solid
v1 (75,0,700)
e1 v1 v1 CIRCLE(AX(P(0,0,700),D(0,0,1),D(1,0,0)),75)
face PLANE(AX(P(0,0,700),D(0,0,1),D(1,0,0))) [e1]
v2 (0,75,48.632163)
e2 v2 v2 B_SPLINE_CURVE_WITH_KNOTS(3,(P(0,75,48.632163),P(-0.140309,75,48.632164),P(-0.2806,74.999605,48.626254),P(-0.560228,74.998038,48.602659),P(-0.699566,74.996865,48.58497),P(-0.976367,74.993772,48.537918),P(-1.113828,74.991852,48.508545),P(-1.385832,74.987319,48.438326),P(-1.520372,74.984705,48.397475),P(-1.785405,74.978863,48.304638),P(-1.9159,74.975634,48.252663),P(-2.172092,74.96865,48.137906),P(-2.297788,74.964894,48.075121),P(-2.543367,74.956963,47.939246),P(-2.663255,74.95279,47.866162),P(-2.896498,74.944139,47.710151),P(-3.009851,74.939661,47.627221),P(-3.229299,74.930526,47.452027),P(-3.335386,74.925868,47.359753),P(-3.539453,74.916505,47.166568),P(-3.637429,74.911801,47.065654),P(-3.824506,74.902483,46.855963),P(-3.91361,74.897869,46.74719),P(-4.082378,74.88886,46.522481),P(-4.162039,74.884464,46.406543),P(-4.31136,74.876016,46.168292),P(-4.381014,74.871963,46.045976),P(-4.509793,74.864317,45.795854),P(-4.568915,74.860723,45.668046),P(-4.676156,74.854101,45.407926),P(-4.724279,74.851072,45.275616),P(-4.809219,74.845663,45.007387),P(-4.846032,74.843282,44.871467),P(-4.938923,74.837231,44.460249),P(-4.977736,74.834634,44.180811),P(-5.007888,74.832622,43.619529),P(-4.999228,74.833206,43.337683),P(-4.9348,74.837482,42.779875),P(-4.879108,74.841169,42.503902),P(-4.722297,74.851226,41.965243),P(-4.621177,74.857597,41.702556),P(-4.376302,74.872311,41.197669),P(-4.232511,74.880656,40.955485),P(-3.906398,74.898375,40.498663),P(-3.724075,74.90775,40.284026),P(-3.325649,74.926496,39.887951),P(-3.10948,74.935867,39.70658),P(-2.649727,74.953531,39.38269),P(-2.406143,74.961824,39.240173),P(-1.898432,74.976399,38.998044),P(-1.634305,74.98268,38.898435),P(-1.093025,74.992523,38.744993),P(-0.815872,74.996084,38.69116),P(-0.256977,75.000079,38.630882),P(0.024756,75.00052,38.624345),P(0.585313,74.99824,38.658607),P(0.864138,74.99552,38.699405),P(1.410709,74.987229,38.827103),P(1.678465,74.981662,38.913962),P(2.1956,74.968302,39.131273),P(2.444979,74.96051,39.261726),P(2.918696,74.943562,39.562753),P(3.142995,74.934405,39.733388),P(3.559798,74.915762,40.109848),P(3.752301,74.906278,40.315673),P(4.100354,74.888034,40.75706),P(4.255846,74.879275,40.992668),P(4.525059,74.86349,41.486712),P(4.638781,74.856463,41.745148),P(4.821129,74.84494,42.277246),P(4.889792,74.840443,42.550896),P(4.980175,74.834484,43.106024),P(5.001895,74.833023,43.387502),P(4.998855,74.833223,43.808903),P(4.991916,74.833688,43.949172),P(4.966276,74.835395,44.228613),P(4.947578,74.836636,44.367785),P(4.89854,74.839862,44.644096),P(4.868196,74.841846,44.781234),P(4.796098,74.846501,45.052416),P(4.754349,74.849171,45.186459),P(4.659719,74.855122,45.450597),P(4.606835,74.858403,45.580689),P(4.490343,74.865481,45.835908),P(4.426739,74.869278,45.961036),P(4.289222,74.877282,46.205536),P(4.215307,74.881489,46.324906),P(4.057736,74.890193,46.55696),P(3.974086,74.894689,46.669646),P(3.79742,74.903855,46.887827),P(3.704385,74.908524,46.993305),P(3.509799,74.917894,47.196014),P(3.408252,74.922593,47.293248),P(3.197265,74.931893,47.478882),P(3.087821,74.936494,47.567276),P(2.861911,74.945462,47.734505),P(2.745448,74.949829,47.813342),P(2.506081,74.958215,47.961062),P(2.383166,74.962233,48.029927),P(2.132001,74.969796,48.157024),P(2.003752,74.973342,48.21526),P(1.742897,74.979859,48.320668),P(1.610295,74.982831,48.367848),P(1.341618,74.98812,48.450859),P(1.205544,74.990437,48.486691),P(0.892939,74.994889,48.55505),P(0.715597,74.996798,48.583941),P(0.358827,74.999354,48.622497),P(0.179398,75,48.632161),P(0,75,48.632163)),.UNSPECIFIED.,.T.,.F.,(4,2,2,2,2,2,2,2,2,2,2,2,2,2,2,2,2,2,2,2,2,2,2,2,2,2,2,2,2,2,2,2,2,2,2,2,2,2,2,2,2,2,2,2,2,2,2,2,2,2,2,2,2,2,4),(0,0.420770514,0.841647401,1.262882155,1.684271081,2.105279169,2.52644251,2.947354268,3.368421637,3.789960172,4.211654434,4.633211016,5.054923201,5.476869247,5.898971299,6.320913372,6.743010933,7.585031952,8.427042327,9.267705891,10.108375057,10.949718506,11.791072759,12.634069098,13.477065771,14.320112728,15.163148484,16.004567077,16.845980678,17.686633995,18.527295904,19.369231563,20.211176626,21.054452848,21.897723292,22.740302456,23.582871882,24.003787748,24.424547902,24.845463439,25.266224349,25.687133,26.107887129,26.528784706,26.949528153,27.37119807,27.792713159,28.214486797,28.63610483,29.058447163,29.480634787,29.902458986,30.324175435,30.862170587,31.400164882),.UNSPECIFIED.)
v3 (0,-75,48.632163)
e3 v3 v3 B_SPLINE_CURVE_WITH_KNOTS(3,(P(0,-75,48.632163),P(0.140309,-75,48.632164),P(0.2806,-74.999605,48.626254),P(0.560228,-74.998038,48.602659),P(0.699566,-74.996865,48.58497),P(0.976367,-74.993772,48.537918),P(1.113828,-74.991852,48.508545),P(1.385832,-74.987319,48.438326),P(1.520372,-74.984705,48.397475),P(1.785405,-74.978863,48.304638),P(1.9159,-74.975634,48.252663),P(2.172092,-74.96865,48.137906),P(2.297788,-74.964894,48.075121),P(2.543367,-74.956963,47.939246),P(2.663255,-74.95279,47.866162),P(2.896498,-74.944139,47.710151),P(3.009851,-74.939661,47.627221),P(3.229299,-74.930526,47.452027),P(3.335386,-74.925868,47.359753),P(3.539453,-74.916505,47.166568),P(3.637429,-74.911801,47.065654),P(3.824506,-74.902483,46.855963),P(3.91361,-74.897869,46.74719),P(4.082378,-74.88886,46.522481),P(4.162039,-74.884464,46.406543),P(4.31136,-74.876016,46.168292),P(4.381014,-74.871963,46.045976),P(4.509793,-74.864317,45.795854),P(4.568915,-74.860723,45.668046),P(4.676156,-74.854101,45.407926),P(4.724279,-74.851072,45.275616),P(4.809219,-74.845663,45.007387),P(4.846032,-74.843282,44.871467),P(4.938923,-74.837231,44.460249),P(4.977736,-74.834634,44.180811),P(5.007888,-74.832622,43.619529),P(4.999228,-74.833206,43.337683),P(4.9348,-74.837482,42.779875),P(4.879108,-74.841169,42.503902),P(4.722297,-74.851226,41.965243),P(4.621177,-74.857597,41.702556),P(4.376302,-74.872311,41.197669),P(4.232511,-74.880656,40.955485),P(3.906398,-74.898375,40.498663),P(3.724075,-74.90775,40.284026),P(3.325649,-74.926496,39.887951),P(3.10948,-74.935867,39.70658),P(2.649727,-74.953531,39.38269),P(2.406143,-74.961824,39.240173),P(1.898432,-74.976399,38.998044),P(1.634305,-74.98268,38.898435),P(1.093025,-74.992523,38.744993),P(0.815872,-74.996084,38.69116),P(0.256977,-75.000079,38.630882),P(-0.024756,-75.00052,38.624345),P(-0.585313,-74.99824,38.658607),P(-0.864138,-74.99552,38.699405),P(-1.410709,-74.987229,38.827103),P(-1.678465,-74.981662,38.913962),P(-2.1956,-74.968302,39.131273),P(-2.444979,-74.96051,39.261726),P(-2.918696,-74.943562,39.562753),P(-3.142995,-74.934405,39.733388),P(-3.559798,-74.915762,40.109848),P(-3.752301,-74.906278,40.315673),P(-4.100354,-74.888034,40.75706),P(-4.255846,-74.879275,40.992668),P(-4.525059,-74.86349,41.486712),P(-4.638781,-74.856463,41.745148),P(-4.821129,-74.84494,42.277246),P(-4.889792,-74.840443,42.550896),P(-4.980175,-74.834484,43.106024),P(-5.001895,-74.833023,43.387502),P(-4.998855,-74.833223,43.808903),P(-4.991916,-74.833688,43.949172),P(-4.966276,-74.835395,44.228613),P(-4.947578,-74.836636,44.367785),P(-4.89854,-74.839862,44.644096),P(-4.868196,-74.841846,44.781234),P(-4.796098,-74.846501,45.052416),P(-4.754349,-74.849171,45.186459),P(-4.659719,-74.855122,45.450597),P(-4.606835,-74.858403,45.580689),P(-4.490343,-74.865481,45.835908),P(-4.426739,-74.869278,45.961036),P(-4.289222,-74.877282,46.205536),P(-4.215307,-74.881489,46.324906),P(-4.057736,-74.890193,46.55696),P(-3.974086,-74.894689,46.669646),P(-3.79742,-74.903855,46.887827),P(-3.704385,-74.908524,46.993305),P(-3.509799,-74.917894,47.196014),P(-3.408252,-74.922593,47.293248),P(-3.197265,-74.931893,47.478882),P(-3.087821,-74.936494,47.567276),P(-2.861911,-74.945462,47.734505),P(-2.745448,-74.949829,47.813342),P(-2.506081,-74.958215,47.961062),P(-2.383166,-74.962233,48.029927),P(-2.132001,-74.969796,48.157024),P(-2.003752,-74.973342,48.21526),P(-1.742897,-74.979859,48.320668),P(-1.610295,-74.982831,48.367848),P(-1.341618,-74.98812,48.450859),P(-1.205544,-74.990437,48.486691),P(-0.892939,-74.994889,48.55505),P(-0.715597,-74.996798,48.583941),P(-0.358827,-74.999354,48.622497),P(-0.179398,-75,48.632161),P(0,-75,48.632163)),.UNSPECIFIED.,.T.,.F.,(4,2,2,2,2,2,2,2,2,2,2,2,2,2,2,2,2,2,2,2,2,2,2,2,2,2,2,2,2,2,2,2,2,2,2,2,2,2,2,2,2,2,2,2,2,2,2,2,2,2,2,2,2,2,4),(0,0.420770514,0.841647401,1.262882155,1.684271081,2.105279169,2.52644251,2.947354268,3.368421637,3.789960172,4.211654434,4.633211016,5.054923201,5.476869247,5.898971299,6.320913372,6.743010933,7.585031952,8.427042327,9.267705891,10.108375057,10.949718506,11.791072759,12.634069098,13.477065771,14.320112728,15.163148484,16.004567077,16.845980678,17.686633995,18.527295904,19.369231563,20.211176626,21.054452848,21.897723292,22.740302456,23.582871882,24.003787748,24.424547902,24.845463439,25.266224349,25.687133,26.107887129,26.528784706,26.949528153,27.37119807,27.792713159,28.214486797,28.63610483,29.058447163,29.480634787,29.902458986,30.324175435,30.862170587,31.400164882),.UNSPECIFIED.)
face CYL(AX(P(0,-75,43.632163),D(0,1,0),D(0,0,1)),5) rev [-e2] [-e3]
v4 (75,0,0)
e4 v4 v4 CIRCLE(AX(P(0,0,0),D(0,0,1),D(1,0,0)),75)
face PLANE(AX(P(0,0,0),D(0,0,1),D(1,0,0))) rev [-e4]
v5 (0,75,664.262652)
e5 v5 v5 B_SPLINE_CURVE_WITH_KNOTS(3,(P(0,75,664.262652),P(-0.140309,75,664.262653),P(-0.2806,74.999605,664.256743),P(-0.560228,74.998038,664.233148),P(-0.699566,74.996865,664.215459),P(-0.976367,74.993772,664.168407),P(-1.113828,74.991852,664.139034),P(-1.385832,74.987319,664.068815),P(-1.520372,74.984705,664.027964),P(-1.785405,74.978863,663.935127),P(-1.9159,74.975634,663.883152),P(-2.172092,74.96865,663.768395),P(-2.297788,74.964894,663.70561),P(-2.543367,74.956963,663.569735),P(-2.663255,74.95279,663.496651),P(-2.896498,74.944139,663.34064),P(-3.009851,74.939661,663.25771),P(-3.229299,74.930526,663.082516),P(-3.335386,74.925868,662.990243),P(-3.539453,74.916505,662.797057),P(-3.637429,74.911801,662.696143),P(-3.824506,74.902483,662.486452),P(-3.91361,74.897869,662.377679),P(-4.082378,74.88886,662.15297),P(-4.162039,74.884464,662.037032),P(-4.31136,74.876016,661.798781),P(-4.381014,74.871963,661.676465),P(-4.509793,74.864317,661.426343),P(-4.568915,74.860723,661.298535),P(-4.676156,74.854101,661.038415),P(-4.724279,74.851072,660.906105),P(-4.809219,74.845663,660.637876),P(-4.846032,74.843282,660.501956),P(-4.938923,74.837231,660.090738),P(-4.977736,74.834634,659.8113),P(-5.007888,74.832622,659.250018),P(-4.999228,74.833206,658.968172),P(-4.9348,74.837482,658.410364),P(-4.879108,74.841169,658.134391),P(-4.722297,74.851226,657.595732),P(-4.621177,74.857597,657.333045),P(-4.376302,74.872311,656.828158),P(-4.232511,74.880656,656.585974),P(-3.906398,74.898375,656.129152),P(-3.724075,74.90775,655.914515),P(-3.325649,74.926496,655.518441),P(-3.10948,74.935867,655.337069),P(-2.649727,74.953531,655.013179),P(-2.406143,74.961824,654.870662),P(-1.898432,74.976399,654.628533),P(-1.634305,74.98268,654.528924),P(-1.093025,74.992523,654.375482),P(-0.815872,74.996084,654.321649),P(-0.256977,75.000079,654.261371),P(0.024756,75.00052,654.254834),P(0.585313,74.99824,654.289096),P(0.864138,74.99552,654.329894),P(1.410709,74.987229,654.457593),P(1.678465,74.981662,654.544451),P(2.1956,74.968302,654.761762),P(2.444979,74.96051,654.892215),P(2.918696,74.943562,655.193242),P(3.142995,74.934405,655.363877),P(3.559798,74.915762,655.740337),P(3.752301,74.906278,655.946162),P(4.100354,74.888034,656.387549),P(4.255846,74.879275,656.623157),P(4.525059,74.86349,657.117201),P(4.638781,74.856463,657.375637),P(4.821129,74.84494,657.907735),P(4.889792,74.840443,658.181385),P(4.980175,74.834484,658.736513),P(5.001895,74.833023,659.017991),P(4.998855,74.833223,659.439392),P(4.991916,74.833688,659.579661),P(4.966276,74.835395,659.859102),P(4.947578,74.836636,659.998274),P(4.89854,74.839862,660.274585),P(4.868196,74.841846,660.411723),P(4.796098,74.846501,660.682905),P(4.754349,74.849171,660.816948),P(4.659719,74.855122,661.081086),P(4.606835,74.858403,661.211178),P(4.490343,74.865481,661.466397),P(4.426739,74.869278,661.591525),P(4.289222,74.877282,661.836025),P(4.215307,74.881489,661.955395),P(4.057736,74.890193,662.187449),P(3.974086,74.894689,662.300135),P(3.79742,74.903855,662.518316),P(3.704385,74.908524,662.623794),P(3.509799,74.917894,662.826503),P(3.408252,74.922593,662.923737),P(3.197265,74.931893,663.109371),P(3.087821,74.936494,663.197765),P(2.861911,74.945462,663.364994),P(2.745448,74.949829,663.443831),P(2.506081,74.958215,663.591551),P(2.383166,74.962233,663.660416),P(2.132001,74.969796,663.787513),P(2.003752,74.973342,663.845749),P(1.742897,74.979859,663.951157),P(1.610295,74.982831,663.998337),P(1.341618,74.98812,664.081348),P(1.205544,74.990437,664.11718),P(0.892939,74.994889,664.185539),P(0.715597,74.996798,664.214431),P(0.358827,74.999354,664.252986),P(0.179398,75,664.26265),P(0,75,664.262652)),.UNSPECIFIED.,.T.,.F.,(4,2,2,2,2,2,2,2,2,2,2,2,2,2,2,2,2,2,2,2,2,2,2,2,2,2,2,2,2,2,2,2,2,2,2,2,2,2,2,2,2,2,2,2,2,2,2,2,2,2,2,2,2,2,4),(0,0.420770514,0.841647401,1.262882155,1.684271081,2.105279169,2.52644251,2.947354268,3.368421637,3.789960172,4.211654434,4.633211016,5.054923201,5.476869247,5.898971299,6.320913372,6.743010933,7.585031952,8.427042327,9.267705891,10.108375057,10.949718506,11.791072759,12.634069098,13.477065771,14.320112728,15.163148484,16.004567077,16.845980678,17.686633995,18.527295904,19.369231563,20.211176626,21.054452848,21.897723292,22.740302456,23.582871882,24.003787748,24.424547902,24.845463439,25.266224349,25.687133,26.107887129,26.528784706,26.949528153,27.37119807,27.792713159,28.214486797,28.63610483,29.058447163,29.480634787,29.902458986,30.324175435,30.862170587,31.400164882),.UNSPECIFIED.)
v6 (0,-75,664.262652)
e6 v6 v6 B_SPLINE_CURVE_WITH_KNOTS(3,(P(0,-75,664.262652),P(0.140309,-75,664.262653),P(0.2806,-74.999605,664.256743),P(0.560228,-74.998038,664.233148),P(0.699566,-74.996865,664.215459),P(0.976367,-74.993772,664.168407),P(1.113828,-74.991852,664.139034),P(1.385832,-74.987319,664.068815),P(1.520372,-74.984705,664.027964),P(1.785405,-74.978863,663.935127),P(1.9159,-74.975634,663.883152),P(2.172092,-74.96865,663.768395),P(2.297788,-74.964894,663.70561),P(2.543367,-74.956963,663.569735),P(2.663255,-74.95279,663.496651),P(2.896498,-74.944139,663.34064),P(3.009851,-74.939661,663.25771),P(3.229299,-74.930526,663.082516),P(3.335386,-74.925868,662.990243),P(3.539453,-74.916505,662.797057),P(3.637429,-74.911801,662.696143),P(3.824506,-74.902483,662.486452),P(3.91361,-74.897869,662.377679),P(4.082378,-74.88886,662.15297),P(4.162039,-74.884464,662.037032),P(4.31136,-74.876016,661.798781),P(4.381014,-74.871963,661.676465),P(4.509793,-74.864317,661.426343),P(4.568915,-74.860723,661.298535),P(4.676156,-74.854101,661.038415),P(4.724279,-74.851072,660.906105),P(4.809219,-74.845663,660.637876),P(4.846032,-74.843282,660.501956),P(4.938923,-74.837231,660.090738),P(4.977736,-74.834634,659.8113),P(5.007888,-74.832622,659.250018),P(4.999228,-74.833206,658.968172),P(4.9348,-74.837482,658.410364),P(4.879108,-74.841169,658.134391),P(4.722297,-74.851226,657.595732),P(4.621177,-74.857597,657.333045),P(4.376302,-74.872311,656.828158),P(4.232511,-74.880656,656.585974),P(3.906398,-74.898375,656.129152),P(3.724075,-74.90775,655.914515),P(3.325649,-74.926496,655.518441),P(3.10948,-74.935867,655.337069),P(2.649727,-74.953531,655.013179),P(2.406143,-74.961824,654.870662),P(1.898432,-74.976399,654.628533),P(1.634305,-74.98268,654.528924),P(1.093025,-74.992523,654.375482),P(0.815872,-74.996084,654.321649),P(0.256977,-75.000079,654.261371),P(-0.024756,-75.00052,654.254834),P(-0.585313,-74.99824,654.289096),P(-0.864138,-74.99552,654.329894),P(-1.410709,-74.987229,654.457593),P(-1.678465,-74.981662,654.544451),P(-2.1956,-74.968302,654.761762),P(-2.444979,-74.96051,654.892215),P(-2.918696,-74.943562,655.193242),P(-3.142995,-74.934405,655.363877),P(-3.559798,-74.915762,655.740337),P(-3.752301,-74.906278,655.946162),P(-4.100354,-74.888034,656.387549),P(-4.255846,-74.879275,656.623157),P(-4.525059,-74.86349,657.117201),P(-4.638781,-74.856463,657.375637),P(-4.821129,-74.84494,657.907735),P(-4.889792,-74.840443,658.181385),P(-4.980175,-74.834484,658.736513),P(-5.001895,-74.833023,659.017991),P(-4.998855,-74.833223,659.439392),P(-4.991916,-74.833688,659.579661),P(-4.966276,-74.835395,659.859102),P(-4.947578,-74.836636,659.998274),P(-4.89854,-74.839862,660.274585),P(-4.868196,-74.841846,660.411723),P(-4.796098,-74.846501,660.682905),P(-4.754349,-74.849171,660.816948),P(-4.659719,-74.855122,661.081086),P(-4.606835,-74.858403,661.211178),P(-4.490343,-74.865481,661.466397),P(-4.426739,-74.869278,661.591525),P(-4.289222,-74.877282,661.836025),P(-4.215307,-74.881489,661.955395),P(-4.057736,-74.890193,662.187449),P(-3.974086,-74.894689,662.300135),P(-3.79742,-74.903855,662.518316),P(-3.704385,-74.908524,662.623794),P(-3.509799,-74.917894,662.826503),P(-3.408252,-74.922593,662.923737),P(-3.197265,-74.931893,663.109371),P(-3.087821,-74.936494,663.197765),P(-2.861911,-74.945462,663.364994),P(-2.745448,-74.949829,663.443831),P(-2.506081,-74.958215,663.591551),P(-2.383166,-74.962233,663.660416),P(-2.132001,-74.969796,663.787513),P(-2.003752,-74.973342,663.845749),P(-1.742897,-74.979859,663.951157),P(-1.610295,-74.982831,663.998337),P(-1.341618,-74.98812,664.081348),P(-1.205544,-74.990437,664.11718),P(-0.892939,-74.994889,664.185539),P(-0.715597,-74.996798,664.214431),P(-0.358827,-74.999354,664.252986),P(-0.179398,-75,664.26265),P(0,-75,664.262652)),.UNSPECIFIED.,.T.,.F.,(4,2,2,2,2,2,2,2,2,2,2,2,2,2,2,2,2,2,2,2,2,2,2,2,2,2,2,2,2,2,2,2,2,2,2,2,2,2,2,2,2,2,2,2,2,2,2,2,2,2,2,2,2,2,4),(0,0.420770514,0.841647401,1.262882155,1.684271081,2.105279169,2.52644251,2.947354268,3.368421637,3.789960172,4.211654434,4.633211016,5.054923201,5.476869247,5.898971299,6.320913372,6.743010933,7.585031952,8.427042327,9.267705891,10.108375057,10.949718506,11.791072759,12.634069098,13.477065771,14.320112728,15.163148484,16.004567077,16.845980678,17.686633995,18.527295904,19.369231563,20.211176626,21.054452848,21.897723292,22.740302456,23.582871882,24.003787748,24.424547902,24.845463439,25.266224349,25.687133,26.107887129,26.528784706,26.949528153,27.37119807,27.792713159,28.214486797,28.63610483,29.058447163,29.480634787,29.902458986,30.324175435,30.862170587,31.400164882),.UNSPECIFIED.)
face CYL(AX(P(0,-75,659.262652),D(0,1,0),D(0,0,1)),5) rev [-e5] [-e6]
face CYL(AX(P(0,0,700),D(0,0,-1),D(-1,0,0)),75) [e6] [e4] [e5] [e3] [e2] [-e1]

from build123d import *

# Parameters (mm, degrees)
SCHIZZO1_R                    = 75
ESTRUSIONE_ESTRUSIONE1_DEPTH  = 700
TAGLIO_ESTRUSIONE1_DEPTH      = 708.990112925
TAGLIO_ESTRUSIONE1_DEPTH_BACK = 708.990112925
SCHIZZO2_R                    = 5
TAGLIO_ESTRUSIONE2_DEPTH      = 708.990113045
TAGLIO_ESTRUSIONE2_DEPTH_BACK = 708.990113045
SCHIZZO3_R                    = 5


with BuildPart() as part:
    # Schizzo1 → Estrusione-Estrusione1 (new body)
    with BuildSketch(Plane.XY):
        Circle(SCHIZZO1_R)
    extrude(amount=ESTRUSIONE_ESTRUSIONE1_DEPTH)

    # Schizzo2 → Taglio-Estrusione1 (cut, two sides: drawn at the far end of the back side and taken through both)
    with BuildSketch(Plane(origin=(0, 0, 0), x_dir=(1, 0, 0), z_dir=(0, 1, 0)).offset(-TAGLIO_ESTRUSIONE1_DEPTH_BACK)):
        with Locations(Location((0, -43.632162592, 0), (0, 0, 270))):
            Circle(SCHIZZO2_R)
    extrude(amount=TAGLIO_ESTRUSIONE1_DEPTH + TAGLIO_ESTRUSIONE1_DEPTH_BACK, mode=Mode.SUBTRACT)

    # Schizzo3 → Taglio-Estrusione2 (cut, two sides: drawn at the far end of the back side and taken through both)
    with BuildSketch(Plane(origin=(0, 0, 0), x_dir=(1, 0, 0), z_dir=(0, 1, 0)).offset(-TAGLIO_ESTRUSIONE2_DEPTH_BACK)):
        with Locations(Location((0, -659.26265162, 0), (0, 0, 270))):
            Circle(SCHIZZO3_R)
    extrude(amount=TAGLIO_ESTRUSIONE2_DEPTH + TAGLIO_ESTRUSIONE2_DEPTH_BACK, mode=Mode.SUBTRACT)


solid = part.part
